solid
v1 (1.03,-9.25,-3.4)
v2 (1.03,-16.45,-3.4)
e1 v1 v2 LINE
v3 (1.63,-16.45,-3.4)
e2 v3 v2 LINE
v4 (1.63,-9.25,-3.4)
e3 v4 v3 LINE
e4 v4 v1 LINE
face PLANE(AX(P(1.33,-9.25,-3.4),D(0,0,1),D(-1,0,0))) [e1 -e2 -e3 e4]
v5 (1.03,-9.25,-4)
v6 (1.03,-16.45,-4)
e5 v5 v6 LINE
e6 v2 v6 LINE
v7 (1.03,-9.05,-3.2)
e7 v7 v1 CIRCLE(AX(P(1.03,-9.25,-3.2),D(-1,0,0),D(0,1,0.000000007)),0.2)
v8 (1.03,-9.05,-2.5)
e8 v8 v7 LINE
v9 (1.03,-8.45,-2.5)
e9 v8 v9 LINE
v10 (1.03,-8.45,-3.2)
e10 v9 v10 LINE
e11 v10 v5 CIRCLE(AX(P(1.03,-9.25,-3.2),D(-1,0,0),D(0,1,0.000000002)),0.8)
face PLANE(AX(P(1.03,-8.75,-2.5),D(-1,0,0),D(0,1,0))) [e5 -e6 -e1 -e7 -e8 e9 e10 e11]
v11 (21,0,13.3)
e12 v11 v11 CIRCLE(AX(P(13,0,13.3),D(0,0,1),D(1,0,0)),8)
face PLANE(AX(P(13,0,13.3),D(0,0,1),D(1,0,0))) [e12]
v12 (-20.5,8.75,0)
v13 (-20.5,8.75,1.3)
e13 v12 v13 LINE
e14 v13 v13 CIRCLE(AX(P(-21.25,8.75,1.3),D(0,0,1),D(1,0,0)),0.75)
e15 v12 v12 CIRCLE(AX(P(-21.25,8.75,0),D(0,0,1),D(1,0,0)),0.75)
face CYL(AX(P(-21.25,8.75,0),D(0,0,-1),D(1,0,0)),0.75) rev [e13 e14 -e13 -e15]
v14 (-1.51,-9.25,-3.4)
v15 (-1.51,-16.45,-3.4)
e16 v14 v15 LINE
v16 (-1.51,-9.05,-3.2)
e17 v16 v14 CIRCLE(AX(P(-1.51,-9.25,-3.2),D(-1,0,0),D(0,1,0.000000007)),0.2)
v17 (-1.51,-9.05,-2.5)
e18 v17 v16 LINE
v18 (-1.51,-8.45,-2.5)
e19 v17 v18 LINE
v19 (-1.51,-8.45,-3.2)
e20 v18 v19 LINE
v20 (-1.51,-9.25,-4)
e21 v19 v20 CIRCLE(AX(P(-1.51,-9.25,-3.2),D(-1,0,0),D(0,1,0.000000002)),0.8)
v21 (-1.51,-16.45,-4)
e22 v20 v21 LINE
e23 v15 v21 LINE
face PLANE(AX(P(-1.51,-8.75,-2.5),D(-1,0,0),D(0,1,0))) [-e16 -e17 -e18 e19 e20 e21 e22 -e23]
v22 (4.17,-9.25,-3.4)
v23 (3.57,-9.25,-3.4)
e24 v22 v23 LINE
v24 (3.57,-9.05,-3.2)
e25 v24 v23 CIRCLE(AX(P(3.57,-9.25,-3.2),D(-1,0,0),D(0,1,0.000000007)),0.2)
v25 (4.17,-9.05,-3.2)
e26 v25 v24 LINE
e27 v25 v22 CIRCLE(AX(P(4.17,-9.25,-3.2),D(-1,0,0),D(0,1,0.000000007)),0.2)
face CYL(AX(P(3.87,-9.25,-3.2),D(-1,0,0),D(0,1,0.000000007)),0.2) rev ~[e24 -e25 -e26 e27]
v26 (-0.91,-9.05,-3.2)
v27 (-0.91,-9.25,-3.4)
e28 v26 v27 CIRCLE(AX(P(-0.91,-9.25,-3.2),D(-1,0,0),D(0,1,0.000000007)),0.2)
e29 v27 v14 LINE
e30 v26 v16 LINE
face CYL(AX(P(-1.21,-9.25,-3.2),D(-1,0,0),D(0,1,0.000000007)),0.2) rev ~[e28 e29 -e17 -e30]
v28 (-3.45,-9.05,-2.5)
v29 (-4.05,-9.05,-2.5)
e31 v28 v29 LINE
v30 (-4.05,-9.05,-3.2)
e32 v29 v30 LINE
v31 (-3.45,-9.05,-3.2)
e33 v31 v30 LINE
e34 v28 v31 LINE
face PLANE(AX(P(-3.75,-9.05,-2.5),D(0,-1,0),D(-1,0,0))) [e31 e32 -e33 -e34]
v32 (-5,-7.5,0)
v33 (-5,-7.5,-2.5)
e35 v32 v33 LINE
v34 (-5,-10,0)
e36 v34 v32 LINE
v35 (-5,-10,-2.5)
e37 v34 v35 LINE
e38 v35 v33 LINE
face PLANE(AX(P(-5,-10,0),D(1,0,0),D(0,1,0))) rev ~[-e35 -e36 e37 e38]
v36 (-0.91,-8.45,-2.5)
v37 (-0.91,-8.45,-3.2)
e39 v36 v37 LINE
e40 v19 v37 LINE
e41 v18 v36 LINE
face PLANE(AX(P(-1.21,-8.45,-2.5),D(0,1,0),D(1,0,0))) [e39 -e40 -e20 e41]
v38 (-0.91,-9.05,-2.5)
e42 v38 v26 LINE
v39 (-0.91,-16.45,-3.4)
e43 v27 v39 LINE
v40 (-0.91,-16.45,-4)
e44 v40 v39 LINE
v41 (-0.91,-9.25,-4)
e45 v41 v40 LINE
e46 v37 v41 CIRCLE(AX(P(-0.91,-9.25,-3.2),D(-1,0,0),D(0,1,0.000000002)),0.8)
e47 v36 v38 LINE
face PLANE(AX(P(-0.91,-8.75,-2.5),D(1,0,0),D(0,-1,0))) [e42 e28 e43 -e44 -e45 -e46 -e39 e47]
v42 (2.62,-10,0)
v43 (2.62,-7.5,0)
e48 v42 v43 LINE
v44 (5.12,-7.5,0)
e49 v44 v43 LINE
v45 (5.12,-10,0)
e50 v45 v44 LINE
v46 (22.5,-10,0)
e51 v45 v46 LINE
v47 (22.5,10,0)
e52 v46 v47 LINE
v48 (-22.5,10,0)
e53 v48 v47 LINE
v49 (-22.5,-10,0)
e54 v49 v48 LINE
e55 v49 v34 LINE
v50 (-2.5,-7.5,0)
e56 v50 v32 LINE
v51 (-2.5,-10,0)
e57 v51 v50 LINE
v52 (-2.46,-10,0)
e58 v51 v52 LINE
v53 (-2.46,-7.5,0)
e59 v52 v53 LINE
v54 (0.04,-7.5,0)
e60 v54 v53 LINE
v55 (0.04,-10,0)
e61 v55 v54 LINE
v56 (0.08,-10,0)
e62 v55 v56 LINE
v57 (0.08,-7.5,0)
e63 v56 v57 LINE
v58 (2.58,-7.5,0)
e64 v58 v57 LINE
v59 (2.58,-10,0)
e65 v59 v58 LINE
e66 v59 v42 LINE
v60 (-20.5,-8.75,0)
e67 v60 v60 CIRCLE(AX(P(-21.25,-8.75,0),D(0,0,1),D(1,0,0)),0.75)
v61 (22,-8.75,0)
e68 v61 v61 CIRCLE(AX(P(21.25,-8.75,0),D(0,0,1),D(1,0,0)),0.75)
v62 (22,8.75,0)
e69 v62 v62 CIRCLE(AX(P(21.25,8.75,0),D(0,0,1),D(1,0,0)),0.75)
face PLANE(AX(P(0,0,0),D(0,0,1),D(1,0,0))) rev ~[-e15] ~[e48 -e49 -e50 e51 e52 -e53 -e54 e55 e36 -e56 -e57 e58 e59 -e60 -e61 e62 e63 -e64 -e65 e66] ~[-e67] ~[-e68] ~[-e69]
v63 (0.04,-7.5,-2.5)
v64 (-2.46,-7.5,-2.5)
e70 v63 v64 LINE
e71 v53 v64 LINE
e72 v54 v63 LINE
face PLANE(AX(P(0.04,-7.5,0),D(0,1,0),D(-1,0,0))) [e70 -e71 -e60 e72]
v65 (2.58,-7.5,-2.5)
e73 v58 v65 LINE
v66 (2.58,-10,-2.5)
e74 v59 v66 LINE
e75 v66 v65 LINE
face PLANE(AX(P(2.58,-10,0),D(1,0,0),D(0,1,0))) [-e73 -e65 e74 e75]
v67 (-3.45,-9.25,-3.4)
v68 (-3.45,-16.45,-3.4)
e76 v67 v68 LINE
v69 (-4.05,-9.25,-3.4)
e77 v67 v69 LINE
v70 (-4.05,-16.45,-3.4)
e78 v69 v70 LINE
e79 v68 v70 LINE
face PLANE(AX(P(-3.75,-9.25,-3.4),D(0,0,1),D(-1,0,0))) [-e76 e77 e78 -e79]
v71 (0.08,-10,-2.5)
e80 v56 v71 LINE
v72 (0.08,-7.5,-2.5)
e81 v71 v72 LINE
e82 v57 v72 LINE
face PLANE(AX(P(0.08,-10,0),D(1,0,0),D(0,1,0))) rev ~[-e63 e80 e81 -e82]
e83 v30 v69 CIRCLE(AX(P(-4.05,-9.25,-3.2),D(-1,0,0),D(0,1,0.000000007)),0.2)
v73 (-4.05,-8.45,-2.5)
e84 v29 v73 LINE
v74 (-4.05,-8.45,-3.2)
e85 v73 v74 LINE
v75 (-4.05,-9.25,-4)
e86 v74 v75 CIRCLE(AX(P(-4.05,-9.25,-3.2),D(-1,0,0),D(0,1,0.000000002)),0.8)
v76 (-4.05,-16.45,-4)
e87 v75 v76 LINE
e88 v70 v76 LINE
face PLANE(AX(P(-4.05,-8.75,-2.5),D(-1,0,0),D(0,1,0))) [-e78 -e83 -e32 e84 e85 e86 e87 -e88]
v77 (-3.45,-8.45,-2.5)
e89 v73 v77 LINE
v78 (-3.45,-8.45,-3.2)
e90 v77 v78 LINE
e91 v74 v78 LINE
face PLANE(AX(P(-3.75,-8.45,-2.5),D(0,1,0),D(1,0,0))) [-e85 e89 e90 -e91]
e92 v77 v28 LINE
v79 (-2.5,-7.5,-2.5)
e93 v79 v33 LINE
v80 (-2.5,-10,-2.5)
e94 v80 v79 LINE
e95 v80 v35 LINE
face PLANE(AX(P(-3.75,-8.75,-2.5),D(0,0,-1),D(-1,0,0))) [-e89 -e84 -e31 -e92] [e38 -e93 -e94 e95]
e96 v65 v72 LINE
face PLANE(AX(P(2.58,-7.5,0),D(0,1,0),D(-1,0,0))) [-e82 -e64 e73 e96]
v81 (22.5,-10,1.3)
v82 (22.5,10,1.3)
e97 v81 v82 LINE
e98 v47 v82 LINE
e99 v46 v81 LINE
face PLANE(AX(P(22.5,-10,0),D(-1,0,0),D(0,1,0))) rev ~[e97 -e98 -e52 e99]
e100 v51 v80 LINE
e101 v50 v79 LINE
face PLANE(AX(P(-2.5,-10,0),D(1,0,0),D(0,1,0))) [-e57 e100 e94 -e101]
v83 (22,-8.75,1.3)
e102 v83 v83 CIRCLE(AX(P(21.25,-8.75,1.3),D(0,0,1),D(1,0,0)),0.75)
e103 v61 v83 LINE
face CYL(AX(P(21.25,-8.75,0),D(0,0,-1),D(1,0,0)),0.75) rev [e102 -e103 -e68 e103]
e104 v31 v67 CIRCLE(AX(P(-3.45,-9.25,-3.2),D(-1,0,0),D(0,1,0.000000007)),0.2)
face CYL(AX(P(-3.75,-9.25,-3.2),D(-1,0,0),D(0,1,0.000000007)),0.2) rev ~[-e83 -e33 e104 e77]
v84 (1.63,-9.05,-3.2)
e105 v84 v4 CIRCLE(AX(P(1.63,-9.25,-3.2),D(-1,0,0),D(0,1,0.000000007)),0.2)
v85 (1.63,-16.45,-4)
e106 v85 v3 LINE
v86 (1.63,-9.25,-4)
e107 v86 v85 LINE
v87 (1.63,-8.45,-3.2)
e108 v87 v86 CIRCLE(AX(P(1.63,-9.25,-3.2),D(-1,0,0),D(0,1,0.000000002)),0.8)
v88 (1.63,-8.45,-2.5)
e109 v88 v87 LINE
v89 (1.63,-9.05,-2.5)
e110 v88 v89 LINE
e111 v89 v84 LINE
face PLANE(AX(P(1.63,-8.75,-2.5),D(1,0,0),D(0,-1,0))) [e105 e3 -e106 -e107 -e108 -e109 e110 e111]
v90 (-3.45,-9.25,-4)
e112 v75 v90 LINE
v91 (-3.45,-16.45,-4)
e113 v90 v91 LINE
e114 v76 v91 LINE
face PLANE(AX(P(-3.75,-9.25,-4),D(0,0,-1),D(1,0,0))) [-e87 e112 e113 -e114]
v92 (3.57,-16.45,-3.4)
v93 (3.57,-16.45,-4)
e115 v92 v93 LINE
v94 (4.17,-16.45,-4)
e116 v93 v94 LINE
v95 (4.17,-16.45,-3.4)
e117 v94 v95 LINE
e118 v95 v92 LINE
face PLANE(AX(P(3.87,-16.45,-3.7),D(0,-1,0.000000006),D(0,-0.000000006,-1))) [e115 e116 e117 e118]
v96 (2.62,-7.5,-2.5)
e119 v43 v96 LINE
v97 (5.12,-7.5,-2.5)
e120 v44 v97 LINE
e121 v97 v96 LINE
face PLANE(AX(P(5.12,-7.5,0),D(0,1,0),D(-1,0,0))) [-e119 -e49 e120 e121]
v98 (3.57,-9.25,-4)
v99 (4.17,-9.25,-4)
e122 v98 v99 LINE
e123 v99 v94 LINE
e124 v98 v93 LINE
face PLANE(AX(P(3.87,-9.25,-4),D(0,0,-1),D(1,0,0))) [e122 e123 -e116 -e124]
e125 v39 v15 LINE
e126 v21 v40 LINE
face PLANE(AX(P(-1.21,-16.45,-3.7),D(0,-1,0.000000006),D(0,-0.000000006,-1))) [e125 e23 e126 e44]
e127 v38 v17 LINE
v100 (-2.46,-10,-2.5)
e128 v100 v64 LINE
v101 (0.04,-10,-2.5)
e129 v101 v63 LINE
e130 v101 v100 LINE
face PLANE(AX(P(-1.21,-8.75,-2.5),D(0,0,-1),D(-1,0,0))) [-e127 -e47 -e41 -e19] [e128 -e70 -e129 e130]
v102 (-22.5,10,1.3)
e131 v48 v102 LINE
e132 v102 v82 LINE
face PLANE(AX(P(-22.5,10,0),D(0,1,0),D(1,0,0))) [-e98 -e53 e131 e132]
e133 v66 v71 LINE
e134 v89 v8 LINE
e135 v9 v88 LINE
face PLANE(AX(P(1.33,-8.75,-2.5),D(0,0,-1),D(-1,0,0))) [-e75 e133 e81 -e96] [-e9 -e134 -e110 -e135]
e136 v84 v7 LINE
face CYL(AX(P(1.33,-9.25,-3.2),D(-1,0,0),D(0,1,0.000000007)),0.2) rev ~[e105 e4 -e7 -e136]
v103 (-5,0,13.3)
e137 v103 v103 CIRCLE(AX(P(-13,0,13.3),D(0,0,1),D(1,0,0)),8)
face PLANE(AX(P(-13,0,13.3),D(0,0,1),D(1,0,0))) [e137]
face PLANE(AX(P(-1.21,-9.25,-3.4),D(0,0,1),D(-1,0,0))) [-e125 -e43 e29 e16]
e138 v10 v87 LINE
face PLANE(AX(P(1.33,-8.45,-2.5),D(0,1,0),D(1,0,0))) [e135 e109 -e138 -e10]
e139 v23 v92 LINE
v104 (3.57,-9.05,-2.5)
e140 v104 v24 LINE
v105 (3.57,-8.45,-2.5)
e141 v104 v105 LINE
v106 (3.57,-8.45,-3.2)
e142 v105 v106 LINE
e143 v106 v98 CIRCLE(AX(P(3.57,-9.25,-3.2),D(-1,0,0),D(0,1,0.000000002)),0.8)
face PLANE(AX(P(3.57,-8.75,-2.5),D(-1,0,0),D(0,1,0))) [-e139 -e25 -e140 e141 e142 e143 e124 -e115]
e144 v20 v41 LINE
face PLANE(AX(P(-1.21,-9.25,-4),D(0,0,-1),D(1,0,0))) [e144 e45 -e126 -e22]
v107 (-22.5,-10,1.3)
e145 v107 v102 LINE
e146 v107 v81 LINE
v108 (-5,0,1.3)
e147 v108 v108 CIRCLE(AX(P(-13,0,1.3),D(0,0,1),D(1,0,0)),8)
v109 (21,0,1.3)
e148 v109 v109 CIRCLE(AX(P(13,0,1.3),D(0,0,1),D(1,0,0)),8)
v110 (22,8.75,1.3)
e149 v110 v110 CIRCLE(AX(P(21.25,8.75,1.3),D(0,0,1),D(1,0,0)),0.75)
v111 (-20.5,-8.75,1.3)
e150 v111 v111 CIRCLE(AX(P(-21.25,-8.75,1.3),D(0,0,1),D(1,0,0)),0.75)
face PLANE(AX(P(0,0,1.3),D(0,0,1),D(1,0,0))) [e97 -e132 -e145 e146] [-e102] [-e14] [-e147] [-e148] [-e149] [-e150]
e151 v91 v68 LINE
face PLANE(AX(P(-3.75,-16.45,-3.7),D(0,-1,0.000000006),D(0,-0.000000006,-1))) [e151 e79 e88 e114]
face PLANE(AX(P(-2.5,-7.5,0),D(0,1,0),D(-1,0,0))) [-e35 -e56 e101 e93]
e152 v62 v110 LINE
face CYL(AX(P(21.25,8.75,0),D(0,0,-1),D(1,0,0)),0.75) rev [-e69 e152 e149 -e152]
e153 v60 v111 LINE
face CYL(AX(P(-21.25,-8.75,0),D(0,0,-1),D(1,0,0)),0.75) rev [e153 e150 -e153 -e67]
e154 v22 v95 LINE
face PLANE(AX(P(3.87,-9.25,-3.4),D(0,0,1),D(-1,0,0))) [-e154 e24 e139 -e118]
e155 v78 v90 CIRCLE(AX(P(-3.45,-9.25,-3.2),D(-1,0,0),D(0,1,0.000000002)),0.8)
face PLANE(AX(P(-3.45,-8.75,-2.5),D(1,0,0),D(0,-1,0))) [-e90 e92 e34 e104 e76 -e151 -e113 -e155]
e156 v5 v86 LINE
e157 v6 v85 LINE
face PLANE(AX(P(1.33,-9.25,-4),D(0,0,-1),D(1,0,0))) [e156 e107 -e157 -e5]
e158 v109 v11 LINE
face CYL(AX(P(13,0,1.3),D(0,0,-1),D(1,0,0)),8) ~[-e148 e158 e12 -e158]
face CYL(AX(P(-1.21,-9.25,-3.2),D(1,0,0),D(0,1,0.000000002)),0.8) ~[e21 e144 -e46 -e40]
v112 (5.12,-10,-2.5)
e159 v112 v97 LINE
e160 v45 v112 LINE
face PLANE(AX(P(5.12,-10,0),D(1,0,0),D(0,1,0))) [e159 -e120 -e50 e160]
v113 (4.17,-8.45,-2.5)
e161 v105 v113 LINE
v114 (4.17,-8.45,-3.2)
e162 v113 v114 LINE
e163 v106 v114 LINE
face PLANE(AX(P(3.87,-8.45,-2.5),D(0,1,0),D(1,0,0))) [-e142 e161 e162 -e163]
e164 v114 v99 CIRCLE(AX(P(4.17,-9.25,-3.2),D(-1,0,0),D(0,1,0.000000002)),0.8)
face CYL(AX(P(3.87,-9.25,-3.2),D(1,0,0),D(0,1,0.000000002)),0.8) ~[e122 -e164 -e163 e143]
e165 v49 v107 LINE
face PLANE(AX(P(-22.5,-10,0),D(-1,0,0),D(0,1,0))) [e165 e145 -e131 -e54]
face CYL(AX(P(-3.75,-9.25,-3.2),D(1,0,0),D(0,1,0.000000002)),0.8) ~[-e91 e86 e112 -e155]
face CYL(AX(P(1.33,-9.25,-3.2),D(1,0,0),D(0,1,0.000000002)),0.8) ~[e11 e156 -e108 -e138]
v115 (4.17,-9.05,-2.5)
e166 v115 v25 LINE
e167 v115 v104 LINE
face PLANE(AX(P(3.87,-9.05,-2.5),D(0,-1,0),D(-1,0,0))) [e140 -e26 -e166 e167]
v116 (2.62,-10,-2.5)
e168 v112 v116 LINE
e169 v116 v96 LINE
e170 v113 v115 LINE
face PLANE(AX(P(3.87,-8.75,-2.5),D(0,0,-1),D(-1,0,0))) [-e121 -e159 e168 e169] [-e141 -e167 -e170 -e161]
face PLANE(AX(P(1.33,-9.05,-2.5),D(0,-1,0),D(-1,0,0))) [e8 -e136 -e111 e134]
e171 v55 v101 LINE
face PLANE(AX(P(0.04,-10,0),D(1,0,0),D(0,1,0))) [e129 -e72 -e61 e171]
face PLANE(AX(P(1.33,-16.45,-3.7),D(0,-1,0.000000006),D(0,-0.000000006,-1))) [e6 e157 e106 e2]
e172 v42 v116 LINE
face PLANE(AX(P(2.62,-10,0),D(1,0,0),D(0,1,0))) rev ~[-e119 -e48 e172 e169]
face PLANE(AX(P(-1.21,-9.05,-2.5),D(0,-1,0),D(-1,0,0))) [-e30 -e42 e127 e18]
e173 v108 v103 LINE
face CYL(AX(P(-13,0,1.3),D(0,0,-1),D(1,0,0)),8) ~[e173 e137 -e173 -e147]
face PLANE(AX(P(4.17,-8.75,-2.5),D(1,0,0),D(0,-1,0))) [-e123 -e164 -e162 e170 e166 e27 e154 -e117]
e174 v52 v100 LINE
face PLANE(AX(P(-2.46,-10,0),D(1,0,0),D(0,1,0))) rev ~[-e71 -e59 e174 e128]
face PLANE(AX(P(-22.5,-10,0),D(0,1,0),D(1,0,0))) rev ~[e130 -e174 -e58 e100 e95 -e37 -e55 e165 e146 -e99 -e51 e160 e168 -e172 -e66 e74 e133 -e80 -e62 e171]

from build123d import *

# Parameters (mm, degrees)
SKETCH_1_W             = 45
SKETCH_1_H             = 20
SKETCH_1_R             = 0.75
EXTRUDE_1_DEPTH        = 1.3
SKETCH_2_R             = 8
EXTRUDE_2_DEPTH        = 12
SKETCH_3_W             = 2.5
SKETCH_3_H             = 2.5
EXTRUDE_3_DEPTH        = 2.5
SKETCH_5_W             = 0.6
SKETCH_5_H             = 0.6
PATTERN_LINEAR_3_COUNT = 4
PATTERN_LINEAR_3_PITCH = 2.54


with BuildPart() as part:
    # 草图1 → 凸台-拉伸1 (new body)
    with BuildSketch(Plane.XY):
        Rectangle(SKETCH_1_W, SKETCH_1_H)
        with Locations((-21.25, 8.75)):
            Circle(SKETCH_1_R, mode=Mode.SUBTRACT)
        with Locations((21.25, 8.75)):
            Circle(SKETCH_1_R, mode=Mode.SUBTRACT)
        with Locations((21.25, -8.75)):
            Circle(SKETCH_1_R, mode=Mode.SUBTRACT)
        with Locations((-21.25, -8.75)):
            Circle(SKETCH_1_R, mode=Mode.SUBTRACT)
    extrude(amount=EXTRUDE_1_DEPTH)

    # 草图2 → 凸台-拉伸2 (add)
    with BuildSketch(Plane.XY.offset(1.3)):
        with Locations((-13, 0)):
            Circle(SKETCH_2_R)
        with Locations((13, 0)):
            Circle(SKETCH_2_R)
    extrude(amount=EXTRUDE_2_DEPTH)

    # 草图3 → 凸台-拉伸3 (add)
    with BuildSketch(Plane(origin=(0, 0, 0), x_dir=(-1, 0, 0), z_dir=(0, 0, -1))):
        with Locations((3.75, -8.75)):
            Rectangle(SKETCH_3_W, SKETCH_3_H)
    extrude_3 = extrude(amount=EXTRUDE_3_DEPTH)

    # 扫描1: sweep along a path in 草图4
    with BuildLine(Plane.ZY.offset(3.75)) as sweep_1_path:
        Line((-2.5, -8.75), (-3.2, -8.75))
        ThreePointArc((-3.2, -8.75), (-3.553553391, -8.896446609), (-3.7, -9.25))
        Line((-3.7, -9.25), (-3.7, -16.45))
    # 草图5 → 扫描1 (sweep)
    with BuildSketch(Plane(origin=(0, 0, -2.5), x_dir=(-1, 0, 0), z_dir=(0, 0, -1))):
        with Locations((3.75, -8.75)):
            Rectangle(SKETCH_5_W, SKETCH_5_H)
    sweep_1 = sweep(path=sweep_1_path.line)

    # 阵列(线性)3: 凸台-拉伸3, 扫描1 ×4
    with Locations(*[(i * PATTERN_LINEAR_3_PITCH, 0, 0) for i in range(1, PATTERN_LINEAR_3_COUNT)]):
        add(extrude_3)
        add(sweep_1)


solid = part.part
